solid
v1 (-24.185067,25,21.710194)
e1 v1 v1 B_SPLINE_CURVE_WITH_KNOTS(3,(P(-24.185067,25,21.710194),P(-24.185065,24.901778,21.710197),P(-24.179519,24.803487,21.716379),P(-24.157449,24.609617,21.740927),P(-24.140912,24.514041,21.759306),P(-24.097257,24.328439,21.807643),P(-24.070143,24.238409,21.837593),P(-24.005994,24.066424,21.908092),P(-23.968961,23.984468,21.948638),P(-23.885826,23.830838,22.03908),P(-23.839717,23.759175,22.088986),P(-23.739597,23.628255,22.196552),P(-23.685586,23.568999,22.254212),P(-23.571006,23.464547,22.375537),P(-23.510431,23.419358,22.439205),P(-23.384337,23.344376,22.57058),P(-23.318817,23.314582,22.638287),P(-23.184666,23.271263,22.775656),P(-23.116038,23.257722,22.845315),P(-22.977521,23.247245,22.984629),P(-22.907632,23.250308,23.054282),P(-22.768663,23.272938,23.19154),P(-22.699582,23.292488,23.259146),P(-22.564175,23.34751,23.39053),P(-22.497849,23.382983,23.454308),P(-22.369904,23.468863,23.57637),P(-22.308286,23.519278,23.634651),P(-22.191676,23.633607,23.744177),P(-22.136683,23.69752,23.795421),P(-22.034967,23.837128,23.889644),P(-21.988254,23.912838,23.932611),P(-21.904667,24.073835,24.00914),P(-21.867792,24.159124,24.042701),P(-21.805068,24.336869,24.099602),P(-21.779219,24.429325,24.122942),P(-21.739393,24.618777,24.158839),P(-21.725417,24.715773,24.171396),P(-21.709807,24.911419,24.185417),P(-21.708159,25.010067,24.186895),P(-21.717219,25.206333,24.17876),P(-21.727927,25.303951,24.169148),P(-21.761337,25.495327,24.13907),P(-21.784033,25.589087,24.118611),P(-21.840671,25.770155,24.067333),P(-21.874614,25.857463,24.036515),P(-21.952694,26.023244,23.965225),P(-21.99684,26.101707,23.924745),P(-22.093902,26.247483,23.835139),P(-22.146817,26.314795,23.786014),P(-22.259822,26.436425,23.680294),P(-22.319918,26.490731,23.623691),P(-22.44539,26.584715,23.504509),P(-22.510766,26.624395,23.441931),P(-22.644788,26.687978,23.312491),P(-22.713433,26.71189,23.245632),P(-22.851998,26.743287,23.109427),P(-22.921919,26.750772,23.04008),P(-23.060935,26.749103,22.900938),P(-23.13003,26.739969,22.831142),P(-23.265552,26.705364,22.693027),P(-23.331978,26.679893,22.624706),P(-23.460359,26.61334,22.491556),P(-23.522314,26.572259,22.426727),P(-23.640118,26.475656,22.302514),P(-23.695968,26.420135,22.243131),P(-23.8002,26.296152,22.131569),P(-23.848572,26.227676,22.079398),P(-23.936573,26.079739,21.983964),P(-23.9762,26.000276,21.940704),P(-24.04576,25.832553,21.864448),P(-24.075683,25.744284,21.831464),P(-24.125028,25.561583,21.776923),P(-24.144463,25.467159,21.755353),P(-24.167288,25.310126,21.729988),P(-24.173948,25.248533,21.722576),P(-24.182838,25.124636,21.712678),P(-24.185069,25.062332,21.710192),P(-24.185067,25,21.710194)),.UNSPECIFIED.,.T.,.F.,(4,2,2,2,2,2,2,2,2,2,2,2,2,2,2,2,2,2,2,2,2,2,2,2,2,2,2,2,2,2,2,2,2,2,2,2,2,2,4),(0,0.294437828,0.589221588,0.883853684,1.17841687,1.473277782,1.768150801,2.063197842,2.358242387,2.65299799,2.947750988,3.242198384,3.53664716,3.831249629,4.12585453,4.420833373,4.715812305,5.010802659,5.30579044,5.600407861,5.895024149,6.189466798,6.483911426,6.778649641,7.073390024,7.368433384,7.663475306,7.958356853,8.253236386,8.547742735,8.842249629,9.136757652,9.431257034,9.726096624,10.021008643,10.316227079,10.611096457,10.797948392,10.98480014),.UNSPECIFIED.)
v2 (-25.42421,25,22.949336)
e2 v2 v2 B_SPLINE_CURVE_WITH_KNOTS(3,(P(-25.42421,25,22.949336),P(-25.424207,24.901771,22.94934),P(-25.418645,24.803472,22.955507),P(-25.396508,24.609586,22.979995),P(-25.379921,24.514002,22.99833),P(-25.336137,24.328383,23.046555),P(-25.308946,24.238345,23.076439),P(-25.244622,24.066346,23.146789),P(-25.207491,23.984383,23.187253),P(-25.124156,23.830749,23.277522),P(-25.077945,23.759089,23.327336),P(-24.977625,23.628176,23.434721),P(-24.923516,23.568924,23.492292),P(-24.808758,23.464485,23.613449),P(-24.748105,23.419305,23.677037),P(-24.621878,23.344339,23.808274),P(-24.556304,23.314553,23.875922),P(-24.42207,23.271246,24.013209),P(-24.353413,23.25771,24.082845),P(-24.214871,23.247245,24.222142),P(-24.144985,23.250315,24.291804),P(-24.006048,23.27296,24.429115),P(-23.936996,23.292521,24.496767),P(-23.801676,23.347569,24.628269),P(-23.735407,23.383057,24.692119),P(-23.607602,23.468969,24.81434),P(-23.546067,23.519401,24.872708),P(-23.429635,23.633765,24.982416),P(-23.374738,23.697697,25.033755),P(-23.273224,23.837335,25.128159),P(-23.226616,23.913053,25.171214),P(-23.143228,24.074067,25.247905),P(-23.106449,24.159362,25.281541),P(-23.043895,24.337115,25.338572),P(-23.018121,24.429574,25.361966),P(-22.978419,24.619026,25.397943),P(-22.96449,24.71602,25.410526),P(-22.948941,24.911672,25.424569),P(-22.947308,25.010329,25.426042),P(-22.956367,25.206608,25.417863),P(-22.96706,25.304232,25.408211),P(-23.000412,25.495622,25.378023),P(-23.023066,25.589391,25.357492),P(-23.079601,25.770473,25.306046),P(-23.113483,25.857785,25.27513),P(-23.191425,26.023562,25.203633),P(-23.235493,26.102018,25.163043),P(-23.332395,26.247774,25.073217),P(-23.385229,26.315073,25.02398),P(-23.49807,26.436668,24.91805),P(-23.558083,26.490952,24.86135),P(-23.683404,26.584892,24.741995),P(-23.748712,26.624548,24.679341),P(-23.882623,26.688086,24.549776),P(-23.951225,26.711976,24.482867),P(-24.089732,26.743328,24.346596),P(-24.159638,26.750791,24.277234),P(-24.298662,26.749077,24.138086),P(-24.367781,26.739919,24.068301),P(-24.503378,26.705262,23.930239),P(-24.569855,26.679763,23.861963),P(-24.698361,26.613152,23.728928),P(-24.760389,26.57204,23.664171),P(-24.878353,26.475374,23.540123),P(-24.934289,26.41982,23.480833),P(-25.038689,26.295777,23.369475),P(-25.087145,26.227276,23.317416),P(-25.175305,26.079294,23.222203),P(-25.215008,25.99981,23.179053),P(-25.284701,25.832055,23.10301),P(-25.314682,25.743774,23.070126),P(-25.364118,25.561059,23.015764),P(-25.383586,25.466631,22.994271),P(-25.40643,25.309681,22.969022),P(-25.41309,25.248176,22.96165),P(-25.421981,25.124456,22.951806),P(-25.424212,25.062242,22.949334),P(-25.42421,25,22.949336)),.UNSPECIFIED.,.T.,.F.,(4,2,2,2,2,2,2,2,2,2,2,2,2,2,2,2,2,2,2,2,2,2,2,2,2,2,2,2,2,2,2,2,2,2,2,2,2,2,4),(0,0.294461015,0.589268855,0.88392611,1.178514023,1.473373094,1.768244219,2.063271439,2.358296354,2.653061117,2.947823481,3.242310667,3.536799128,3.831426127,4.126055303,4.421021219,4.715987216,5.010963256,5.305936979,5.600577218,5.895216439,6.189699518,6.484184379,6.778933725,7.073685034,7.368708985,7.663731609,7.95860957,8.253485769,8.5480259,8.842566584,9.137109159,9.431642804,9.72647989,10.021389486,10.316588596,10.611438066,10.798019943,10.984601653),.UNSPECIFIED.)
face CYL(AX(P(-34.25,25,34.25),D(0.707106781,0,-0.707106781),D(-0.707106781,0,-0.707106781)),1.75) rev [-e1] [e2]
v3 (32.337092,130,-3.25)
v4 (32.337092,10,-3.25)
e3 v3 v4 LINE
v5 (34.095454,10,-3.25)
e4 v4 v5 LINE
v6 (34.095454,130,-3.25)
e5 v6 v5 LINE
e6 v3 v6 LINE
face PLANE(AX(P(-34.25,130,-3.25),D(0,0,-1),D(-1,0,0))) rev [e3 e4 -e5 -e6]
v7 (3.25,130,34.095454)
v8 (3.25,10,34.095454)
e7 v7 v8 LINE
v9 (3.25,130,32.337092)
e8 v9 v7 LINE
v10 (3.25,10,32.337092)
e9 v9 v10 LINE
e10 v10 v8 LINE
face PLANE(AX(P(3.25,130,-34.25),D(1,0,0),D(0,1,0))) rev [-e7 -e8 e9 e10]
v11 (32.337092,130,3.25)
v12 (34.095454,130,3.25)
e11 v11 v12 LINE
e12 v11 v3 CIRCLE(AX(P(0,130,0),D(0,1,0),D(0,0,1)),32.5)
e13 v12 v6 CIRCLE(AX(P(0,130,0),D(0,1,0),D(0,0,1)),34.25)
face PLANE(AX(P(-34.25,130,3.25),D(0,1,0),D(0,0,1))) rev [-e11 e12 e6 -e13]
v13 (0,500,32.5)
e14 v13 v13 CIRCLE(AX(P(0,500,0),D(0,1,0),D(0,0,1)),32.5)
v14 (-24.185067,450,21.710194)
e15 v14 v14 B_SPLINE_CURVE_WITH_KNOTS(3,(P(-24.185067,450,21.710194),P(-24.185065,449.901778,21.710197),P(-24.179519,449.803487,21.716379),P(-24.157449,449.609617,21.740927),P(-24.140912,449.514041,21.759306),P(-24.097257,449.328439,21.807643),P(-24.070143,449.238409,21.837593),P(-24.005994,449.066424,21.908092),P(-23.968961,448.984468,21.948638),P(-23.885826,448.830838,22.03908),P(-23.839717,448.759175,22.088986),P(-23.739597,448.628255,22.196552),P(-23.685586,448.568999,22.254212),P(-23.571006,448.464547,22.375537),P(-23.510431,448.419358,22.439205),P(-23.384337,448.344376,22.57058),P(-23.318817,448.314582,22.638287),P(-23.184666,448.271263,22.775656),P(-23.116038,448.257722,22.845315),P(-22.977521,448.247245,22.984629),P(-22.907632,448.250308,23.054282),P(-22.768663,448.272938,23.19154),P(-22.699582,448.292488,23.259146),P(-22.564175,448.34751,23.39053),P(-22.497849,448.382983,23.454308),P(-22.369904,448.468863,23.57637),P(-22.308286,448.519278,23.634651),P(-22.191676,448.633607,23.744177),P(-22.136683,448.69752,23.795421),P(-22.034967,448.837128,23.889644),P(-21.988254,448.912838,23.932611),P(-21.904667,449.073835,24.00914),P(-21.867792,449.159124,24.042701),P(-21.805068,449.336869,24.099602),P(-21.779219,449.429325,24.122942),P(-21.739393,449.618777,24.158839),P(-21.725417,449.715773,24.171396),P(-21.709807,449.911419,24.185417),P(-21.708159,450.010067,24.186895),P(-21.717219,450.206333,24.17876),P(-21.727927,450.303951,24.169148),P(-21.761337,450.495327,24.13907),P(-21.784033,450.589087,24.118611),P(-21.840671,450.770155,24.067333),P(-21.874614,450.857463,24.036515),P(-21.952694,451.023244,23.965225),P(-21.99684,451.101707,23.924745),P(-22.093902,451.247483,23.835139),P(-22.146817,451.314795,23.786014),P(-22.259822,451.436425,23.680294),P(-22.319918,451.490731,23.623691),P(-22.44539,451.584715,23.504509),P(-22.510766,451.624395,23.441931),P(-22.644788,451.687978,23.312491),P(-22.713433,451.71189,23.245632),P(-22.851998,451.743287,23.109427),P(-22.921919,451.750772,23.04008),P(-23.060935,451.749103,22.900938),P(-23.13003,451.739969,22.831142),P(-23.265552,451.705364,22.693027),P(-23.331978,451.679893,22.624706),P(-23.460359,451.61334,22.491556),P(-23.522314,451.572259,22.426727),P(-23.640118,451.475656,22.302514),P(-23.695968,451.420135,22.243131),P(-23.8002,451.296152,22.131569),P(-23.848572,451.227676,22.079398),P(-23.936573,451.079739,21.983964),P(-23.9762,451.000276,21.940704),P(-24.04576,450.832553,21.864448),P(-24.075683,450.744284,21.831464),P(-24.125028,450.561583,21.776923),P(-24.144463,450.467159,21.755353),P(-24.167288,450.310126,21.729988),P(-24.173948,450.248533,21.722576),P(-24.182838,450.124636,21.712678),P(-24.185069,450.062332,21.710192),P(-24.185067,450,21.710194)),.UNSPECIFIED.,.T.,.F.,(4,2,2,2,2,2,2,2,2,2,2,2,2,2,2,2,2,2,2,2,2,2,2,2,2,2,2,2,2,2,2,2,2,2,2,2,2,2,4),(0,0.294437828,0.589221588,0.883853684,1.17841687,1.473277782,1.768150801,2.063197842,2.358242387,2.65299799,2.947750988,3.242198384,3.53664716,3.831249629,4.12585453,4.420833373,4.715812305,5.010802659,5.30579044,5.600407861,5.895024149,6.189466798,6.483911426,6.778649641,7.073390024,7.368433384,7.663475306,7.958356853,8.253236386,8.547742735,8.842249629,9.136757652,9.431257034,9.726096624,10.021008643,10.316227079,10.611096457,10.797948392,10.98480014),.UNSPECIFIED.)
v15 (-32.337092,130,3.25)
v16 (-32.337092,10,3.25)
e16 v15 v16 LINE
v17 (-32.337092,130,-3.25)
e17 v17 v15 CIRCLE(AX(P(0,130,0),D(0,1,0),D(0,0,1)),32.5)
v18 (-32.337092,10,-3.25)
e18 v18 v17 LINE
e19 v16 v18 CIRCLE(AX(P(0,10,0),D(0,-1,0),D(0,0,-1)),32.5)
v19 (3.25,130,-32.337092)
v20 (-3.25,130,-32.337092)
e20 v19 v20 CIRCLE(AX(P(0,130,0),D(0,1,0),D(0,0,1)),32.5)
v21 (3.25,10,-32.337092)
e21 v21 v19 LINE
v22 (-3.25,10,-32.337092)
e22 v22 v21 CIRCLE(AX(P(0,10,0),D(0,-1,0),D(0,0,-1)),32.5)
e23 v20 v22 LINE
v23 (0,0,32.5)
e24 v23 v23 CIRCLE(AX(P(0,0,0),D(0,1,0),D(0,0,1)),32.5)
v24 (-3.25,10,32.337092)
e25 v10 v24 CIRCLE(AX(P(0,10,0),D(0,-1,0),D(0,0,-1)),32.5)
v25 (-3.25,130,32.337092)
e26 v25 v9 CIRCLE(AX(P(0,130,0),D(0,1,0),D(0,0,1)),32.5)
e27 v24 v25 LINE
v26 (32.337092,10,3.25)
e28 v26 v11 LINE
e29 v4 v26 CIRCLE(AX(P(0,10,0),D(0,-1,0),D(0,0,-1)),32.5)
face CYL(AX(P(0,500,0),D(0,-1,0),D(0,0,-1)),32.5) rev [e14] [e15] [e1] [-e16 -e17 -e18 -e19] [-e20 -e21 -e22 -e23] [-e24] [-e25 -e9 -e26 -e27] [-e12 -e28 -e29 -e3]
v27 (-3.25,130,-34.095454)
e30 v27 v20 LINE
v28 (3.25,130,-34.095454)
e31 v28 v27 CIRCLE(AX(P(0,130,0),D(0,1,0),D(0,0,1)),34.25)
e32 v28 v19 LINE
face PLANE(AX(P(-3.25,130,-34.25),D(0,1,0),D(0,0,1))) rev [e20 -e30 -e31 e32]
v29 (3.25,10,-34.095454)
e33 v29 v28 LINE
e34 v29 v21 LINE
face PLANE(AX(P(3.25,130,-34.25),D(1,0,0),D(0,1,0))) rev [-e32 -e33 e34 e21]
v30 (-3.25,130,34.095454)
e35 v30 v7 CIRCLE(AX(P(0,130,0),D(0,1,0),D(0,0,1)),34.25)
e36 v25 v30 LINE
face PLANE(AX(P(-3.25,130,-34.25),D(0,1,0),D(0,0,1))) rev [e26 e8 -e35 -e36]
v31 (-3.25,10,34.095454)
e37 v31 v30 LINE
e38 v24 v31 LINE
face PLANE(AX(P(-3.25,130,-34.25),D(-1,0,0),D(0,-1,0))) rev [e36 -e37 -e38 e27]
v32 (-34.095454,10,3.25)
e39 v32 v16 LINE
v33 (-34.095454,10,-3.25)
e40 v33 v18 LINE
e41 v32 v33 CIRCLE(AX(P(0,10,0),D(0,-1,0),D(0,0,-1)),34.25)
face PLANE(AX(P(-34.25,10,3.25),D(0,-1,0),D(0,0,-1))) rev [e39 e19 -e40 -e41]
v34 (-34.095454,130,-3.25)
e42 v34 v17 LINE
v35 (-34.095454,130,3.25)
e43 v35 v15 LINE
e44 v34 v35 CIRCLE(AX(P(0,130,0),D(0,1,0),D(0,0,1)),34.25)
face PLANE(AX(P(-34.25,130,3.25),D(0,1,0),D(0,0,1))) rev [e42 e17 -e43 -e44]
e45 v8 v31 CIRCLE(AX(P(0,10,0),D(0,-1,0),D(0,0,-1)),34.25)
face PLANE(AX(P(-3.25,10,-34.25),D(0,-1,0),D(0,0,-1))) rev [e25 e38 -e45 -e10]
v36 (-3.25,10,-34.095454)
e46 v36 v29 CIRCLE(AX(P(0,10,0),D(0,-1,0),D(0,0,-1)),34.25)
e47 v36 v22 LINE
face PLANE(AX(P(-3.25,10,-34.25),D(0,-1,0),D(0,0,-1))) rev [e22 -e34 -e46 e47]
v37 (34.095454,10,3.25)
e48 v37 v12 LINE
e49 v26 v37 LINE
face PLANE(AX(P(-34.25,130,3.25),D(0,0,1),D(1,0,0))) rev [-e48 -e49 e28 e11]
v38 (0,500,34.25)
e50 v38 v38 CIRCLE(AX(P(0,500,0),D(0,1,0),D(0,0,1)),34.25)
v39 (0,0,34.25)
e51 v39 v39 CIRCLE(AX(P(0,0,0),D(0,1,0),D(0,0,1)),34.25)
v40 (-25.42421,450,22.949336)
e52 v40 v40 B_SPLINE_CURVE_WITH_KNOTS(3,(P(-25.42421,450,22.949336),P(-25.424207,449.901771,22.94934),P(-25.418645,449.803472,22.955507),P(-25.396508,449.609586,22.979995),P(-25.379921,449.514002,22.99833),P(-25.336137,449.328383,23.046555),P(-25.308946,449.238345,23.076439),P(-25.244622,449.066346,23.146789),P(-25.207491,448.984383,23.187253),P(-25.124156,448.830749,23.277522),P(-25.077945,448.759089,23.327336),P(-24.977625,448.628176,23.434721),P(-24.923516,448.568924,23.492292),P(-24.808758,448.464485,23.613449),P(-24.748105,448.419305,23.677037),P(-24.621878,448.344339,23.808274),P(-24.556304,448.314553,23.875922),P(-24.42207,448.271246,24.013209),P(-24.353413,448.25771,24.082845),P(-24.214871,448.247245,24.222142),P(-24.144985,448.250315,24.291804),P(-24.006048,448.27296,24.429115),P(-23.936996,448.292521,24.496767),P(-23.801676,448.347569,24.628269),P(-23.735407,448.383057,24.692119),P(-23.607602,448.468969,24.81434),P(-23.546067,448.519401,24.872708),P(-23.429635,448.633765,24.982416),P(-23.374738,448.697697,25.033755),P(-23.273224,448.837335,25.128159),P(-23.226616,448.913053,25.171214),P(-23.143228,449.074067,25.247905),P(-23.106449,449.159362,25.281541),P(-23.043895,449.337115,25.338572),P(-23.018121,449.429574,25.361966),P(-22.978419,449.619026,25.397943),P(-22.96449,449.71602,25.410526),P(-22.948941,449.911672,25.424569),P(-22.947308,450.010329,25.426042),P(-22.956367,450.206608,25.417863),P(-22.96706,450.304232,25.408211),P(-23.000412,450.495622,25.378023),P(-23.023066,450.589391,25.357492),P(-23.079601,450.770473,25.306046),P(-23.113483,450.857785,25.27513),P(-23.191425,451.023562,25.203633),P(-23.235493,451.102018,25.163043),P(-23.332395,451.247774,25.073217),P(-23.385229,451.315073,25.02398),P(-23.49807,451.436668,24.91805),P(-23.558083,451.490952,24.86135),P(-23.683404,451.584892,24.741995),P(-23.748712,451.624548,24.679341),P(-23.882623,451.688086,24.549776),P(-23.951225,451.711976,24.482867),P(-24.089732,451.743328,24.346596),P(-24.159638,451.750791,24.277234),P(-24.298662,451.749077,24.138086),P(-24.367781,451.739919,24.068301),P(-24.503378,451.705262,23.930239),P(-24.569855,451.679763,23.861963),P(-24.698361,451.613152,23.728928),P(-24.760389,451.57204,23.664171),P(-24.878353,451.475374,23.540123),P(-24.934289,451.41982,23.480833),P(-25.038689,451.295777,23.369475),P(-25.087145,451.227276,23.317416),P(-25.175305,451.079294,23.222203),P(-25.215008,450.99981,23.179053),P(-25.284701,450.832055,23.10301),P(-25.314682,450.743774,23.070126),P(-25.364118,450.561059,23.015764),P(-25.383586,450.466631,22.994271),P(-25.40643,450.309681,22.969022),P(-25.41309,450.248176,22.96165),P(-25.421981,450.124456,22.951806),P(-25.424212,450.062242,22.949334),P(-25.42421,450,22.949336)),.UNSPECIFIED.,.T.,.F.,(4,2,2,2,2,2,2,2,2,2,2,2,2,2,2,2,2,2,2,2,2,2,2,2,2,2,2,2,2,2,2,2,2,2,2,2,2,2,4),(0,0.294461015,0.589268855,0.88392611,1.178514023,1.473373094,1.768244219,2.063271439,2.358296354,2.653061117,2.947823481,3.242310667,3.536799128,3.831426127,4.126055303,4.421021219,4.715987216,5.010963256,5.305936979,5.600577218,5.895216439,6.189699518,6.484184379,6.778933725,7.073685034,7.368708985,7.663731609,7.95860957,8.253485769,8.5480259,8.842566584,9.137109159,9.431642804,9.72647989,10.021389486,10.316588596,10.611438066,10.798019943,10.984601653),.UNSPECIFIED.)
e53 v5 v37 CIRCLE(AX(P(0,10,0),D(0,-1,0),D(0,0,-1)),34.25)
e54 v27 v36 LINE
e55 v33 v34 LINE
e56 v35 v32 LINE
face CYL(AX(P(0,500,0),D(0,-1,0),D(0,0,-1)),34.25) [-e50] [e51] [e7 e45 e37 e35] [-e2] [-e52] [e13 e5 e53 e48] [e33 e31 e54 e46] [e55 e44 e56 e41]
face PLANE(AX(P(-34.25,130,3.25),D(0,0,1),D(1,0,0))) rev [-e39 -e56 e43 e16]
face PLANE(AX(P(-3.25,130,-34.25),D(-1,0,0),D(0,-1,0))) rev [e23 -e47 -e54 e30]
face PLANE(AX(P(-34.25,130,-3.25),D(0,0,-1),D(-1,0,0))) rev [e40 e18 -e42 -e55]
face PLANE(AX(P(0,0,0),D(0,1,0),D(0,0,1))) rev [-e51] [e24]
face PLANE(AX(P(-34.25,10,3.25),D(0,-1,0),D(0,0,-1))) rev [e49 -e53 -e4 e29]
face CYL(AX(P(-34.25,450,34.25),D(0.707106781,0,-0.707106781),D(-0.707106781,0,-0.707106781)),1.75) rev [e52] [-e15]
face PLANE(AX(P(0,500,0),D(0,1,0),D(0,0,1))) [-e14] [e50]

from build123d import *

# Parameters (mm, degrees)
SKETCH1_R                       = 34.25
SKETCH1_R_2                     = 32.5
BULK_DEPTH                      = 500
SKETCH2_R                       = 1.75
LAUNCH_LUG_SCREW_HOLES_DEPTH    = 503.340646375
SKETCH3_W                       = 6.5
SKETCH3_H                       = 120
THRU_WALL_FIN_CUTS_DEPTH        = 503.340646488
THRU_WALL_FIN_CUT_PATTERN_COUNT = 2
THRU_WALL_FIN_CUT_PATTERN_ANGLE = 90


with BuildPart() as part:
    # Sketch1 → BULK (new body)
    with BuildSketch(Plane(origin=(0, 0, 0), x_dir=(1, 0, 0), z_dir=(0, 1, 0))):
        Circle(SKETCH1_R)
        Circle(SKETCH1_R_2, mode=Mode.SUBTRACT)
    extrude(amount=BULK_DEPTH)

    # Sketch2 → LAUNCH LUG SCREW HOLES (cut, through all)
    with BuildSketch(Plane(origin=(0, 0, 0), x_dir=(0.7071067811865477, 0, 0.7071067811865475), z_dir=(-0.7071067811865475, 0, 0.7071067811865477))):
        with Locations((0, 25)):
            Circle(SKETCH2_R)
        with Locations((0, 450)):
            Circle(SKETCH2_R)
    extrude(amount=LAUNCH_LUG_SCREW_HOLES_DEPTH, mode=Mode.SUBTRACT)

    # Sketch3 → THRU WALL FIN CUTS (cut, symmetric)
    with BuildSketch(Plane.XY):
        with Locations((0, 70)):
            Rectangle(SKETCH3_W, SKETCH3_H)
    thru_wall_fin_cuts = extrude(amount=THRU_WALL_FIN_CUTS_DEPTH, both=True, mode=Mode.SUBTRACT)

    # THRU WALL FIN CUT PATTERN: THRU WALL FIN CUTS ×2 about axis
    thru_wall_fin_cut_pattern_axis = Axis((0, -25, 0), (0, 1, 0))
    for i in range(1, THRU_WALL_FIN_CUT_PATTERN_COUNT):
        add(thru_wall_fin_cuts.rotate(thru_wall_fin_cut_pattern_axis, i * THRU_WALL_FIN_CUT_PATTERN_ANGLE / (THRU_WALL_FIN_CUT_PATTERN_COUNT - 1)), mode=Mode.SUBTRACT)


solid = part.part
